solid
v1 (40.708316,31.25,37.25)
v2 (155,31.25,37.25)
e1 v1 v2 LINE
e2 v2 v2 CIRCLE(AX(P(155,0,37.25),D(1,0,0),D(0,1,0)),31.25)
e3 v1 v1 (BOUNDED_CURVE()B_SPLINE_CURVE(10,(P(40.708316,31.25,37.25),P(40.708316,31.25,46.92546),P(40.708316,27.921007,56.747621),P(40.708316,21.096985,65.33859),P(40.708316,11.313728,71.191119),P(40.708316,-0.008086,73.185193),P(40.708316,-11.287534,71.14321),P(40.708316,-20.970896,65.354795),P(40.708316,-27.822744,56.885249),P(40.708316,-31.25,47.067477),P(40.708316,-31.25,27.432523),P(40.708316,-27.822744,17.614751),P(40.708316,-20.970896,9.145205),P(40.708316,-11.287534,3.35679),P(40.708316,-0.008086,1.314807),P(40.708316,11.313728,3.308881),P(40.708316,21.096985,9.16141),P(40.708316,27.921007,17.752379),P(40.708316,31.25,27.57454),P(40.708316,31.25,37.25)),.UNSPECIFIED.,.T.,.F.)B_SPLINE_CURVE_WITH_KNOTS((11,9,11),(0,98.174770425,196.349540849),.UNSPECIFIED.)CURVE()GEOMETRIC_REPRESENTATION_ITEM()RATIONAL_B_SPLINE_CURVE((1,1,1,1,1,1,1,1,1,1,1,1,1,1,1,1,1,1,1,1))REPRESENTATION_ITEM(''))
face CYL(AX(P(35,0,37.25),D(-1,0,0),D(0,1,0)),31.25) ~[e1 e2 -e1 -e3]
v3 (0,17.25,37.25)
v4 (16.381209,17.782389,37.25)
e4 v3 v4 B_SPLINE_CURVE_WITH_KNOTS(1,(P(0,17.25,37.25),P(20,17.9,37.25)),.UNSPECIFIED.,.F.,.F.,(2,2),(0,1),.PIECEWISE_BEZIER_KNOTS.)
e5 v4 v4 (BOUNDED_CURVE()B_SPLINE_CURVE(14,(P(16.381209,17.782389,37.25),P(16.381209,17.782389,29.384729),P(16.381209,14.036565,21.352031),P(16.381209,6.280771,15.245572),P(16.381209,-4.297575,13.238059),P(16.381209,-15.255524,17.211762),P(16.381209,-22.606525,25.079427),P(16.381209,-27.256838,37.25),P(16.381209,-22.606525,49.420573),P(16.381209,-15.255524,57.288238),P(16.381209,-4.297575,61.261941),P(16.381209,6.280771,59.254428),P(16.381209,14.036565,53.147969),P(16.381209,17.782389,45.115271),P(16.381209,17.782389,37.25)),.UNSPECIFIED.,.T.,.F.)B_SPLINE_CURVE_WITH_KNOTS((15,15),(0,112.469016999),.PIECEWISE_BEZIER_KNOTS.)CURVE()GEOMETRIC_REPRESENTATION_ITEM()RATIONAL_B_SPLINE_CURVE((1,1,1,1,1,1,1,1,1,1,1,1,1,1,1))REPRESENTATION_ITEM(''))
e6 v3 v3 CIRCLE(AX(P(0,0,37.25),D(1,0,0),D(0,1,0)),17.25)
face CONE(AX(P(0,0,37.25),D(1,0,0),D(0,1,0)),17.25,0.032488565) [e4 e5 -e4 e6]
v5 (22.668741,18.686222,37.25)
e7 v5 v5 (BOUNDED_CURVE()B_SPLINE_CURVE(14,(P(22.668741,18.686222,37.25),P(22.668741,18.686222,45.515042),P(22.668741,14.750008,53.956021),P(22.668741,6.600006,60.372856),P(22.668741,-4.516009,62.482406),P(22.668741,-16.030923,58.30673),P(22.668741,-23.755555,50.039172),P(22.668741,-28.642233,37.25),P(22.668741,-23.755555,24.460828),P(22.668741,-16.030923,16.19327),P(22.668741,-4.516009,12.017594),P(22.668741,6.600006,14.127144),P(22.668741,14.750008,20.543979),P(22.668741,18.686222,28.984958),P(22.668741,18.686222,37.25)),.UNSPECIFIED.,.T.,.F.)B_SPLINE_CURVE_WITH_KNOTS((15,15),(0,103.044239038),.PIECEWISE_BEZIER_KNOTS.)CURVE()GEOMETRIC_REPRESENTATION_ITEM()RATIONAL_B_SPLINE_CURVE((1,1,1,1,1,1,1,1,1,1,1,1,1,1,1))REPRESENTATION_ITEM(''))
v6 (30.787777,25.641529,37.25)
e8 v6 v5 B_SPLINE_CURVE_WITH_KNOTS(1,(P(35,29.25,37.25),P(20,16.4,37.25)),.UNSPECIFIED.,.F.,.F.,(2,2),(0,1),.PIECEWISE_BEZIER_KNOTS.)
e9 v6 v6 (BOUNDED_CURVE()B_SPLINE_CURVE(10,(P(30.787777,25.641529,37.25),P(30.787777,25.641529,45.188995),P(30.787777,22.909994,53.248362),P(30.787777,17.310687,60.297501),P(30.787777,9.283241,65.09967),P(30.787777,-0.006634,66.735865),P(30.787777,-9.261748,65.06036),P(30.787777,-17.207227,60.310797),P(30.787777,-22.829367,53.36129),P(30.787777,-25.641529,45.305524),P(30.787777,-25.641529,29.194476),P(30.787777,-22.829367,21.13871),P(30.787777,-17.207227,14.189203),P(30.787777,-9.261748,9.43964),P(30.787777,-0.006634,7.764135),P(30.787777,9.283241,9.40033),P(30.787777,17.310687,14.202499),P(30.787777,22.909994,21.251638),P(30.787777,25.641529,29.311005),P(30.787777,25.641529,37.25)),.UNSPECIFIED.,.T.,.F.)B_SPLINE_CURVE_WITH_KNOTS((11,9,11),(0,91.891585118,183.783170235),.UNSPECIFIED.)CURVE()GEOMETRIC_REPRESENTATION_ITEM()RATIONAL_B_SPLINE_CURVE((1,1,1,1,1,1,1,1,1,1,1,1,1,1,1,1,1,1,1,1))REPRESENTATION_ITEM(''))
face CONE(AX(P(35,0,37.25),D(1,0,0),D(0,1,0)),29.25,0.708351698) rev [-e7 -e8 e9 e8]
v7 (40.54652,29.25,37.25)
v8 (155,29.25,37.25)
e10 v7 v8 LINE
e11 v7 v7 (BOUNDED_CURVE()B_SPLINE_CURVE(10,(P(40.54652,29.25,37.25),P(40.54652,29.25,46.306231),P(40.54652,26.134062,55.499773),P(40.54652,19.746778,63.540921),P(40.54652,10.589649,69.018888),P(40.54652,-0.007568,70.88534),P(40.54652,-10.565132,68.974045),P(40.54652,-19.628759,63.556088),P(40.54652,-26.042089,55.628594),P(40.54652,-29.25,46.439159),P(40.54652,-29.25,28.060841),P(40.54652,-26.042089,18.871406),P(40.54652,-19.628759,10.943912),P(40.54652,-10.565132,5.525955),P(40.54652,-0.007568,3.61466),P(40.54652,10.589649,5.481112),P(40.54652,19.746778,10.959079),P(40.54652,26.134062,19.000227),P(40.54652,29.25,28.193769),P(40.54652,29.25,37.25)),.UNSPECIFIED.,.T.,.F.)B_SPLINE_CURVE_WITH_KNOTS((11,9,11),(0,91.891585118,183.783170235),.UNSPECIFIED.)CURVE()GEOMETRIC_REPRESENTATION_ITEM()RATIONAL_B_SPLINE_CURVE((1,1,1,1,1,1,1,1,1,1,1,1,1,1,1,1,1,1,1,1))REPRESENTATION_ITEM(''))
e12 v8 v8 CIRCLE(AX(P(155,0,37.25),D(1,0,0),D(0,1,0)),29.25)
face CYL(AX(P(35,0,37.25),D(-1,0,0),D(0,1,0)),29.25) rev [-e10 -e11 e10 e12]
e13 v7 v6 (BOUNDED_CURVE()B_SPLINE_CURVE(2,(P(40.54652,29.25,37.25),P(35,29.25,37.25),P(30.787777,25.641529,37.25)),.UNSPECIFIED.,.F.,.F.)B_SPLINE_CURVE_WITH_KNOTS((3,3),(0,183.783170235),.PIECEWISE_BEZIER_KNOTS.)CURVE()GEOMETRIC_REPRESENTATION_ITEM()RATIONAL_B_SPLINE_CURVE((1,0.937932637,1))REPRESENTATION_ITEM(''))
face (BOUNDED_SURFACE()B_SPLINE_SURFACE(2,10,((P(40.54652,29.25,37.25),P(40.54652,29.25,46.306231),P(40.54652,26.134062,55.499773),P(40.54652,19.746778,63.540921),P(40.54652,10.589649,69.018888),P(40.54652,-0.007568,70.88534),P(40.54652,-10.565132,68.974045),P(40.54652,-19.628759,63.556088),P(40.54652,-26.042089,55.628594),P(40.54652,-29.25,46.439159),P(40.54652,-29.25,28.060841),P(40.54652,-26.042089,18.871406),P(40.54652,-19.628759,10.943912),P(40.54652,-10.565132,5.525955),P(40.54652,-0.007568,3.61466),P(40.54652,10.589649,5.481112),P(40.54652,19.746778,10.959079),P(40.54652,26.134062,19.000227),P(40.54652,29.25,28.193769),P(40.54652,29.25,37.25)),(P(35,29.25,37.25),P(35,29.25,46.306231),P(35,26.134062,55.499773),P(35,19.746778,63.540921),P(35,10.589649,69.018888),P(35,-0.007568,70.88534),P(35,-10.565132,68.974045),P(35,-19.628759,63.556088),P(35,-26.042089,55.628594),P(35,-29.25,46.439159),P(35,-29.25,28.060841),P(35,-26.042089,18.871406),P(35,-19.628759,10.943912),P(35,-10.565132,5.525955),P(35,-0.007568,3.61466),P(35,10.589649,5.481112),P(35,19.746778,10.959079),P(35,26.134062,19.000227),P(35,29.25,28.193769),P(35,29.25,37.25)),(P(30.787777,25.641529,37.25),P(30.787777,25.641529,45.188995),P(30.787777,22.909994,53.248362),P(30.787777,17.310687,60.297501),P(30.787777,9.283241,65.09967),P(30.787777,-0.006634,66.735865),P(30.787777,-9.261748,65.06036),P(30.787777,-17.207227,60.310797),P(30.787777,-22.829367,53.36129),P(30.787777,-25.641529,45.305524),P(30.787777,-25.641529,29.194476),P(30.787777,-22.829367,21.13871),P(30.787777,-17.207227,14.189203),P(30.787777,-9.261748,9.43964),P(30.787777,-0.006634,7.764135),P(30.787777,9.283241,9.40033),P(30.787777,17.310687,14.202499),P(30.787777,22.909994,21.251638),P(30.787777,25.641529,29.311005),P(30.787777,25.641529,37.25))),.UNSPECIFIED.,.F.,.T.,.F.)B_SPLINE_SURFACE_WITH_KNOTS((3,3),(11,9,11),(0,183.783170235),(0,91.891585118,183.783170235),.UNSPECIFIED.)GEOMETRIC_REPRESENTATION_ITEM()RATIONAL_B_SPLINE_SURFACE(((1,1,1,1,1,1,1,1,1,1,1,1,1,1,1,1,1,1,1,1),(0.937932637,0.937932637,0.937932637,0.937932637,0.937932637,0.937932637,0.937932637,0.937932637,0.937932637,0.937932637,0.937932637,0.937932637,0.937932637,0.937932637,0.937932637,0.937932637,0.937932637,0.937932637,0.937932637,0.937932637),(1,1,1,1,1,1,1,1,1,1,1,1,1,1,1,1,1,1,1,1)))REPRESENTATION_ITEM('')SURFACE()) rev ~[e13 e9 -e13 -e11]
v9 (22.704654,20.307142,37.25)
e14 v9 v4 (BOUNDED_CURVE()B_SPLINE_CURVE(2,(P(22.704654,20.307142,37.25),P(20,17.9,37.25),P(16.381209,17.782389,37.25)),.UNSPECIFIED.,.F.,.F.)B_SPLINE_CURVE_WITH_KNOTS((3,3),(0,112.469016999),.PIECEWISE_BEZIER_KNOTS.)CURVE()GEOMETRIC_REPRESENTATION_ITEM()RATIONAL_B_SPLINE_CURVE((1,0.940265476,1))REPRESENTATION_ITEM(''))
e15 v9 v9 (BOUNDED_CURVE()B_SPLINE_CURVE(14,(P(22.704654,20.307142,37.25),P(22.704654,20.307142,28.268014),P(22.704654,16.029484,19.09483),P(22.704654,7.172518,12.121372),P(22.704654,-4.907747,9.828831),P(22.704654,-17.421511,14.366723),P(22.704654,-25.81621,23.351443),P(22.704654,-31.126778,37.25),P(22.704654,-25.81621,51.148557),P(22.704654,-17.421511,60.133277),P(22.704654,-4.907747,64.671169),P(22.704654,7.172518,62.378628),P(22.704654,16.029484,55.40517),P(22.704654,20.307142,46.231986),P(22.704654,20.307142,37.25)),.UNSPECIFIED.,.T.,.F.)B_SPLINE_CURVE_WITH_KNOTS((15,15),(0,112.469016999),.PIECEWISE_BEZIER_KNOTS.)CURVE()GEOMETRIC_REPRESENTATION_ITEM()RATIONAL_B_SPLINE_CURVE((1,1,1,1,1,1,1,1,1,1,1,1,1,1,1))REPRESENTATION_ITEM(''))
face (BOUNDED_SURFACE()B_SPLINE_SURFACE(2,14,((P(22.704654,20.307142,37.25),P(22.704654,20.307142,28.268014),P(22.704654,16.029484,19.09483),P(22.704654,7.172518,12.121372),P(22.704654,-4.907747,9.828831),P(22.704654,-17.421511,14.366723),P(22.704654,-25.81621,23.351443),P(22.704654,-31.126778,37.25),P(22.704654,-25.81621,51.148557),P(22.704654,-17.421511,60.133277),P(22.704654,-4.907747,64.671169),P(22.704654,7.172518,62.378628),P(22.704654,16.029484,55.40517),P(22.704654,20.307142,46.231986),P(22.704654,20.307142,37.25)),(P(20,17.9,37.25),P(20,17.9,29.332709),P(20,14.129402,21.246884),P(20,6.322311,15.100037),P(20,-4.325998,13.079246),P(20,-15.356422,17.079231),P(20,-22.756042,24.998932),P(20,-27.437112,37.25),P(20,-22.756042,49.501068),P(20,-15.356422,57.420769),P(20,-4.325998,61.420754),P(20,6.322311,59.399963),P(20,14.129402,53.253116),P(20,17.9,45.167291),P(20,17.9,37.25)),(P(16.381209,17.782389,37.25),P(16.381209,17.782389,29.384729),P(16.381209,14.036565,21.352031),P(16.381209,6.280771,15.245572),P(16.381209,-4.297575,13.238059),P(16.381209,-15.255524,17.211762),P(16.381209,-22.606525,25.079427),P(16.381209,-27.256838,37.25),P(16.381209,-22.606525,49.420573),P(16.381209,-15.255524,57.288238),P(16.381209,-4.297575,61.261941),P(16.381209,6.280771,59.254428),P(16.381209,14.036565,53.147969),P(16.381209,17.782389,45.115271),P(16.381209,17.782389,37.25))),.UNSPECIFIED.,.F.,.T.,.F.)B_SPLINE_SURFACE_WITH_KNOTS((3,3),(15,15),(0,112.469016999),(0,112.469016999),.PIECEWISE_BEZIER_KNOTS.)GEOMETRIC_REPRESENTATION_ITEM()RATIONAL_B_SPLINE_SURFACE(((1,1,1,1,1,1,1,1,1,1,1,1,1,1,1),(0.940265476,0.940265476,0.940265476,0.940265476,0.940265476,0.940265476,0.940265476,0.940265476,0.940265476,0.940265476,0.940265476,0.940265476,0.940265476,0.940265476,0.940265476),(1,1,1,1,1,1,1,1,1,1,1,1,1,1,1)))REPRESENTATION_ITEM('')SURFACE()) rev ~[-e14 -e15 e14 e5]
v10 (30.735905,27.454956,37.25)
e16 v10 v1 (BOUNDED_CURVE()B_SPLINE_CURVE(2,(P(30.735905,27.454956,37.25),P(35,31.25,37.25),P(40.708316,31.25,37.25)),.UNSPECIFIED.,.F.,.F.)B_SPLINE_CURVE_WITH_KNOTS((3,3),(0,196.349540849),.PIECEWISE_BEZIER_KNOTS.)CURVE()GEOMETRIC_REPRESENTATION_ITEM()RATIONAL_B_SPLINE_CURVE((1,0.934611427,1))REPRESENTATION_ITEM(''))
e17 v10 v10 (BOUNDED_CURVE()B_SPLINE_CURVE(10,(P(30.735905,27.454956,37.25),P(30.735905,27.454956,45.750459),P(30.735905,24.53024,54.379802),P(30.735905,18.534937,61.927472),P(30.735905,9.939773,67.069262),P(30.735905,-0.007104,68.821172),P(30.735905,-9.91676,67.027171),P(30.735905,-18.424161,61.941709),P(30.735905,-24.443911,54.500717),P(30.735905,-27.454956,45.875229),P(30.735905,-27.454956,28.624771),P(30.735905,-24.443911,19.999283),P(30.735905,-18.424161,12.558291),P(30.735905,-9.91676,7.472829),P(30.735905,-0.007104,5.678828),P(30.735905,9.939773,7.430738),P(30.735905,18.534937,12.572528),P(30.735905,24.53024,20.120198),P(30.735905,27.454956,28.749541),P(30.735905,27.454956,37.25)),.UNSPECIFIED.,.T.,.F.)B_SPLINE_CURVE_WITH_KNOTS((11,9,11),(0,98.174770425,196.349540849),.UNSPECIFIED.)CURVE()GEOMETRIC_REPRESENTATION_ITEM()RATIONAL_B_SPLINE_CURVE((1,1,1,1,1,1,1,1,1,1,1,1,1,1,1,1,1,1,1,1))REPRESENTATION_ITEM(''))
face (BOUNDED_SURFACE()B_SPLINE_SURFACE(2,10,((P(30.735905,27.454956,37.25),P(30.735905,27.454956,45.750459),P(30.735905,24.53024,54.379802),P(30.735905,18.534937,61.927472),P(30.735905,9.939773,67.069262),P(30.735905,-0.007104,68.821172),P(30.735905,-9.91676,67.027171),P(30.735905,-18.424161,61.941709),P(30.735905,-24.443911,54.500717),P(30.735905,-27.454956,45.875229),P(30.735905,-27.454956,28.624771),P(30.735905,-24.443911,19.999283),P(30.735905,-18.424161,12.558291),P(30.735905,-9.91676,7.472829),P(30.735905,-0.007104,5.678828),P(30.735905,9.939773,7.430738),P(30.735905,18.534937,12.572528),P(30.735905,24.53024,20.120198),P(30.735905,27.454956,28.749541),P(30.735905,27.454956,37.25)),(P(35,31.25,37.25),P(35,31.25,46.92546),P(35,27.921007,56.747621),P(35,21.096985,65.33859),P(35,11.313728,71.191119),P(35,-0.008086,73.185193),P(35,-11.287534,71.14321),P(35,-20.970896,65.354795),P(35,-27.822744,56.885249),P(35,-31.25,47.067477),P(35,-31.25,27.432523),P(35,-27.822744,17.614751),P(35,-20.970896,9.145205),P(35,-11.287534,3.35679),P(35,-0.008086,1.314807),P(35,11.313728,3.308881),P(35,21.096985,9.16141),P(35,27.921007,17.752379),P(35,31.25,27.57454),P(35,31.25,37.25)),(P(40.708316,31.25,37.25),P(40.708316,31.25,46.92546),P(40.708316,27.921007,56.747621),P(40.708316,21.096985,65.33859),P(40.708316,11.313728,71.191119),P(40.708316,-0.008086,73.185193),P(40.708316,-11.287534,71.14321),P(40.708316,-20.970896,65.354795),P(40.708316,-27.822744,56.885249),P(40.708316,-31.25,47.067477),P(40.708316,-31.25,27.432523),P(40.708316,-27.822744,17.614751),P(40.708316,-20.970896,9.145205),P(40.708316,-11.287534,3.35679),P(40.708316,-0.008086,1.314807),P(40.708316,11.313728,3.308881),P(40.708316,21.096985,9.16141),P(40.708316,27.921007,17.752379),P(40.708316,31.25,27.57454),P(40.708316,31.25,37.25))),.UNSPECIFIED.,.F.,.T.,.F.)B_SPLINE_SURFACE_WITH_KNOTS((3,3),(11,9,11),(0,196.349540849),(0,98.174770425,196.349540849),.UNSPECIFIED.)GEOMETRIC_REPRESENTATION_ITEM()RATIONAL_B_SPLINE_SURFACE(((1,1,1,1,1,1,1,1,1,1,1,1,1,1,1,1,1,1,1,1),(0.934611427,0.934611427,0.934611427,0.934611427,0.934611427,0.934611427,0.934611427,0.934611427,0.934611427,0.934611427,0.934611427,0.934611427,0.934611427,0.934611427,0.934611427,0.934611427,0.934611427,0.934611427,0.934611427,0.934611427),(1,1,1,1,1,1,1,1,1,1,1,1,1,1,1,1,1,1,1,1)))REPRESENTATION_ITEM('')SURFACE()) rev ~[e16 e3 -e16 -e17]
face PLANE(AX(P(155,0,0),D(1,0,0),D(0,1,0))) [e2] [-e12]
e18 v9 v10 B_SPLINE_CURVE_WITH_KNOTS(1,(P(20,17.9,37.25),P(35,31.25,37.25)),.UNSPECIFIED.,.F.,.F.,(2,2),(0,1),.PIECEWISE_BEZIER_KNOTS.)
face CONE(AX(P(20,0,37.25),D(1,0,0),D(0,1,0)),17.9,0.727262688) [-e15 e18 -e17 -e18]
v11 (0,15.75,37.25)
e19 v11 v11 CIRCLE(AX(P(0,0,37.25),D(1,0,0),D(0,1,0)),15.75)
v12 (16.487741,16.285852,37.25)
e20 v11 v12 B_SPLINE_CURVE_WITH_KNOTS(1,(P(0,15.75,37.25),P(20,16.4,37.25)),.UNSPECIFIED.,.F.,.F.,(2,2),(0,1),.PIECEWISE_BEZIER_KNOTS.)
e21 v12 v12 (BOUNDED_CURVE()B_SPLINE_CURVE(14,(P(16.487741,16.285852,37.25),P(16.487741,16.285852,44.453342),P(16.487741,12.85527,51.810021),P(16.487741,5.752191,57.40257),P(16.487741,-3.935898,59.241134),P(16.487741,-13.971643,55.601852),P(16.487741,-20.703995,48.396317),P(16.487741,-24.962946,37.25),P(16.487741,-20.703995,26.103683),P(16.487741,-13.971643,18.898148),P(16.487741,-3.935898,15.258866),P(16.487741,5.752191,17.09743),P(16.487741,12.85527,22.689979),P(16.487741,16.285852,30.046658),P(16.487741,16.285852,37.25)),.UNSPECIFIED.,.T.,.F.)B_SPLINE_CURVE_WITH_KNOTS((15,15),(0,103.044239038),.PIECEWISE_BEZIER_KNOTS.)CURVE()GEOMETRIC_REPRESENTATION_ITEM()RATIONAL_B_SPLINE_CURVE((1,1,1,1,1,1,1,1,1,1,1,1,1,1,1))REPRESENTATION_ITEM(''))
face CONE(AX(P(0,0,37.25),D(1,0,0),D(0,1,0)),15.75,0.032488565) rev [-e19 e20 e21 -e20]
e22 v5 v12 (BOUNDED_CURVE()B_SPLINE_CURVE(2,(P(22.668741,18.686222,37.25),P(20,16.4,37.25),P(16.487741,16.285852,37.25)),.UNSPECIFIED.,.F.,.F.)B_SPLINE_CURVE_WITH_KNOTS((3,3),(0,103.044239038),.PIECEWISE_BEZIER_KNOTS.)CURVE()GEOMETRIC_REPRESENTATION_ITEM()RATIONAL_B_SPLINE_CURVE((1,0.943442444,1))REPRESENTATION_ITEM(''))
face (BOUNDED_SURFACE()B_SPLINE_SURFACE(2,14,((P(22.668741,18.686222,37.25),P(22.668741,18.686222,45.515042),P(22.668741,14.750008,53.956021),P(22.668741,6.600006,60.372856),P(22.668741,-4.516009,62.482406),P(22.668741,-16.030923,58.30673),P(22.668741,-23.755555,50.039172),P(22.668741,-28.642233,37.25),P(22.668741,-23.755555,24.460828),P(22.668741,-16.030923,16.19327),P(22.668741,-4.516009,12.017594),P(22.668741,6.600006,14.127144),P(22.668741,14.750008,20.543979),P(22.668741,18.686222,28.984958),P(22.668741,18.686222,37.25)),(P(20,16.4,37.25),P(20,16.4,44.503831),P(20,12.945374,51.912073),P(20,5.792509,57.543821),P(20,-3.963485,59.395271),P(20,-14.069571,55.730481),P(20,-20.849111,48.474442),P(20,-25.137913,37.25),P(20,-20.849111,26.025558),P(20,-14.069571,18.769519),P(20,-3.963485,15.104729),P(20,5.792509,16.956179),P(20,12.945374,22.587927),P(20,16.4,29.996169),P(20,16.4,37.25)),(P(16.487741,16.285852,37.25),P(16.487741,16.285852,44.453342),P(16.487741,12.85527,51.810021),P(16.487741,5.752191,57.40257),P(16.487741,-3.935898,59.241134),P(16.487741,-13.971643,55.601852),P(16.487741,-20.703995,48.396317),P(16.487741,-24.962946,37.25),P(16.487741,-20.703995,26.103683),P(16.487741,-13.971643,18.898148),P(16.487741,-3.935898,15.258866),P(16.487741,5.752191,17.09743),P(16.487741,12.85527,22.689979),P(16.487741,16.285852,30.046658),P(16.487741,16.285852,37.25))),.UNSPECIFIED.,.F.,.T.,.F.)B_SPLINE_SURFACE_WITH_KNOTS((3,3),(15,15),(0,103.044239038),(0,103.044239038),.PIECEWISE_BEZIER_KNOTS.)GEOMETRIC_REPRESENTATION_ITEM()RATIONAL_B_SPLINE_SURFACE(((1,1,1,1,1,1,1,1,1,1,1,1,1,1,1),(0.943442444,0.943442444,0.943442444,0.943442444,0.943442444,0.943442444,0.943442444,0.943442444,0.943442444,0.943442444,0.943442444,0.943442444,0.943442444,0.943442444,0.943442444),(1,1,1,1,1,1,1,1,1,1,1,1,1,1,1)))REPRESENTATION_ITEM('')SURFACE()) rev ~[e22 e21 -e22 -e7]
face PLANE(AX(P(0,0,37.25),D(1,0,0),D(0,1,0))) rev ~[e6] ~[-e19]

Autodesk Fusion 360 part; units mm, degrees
sketch "Sketch1" plane through (0, 0, 0) normal (0, 1, 0) x (1, 0, 0)
  line L0 (0, 0) -> (0, -20)
  line L1 (0, 0) -> (155, 0)
  line L2 (155, 0) -> (155, 20)
  line L3 (155, 20) -> (182.5, 20)
  line L4 (182.5, 20) -> (182.5, 36)
  line L5 (182.5, 36) -> (204.5, 36)
  line L6 (204.5, 36) -> (204.5, 41)
  line L7 (204.5, 41) -> (104.5, 41)
  dimension "d1" = 20
  dimension "d2" = 155
  dimension "d11" = 20
  dimension "d12" = 27.5
  dimension "d13" = 16
  dimension "d14" = 22
  dimension "d15" = 5
  dimension "d16" = 100
sketch "Sketch2" plane through (0, 0, 0) normal (1, 0, 0) x (0, 1, 0)
  line L0 (0, 0) -> (0, 20)
  line L1 (0, 20) -> (0, 37.25) construction
  circle A0 centre (0, 37.25) radius 17.25
  circle A1 centre (0, 37.25) radius 15.75
  point P0 (0, 20)
  dimension "d3" = 17.25
  dimension "d4" = -1.5
ref_plane "WorkPlane1" through (20, 0, 0) normal (1, 0, 0) x (0, 1, 0)
sketch "Sketch3" plane through (20, 0, 0) normal (1, 0, 0) x (0, 1, 0)
  circle A0 centre (0, 37.25) radius 15.75 construction
  circle A1 centre (0, 37.25) radius 17.9
  circle A2 centre (0, 37.25) radius 16.4
  dimension "d6" = 35.8
  dimension "d7" = -1.5
loft "Loft1" add profiles "Sketch2", "Sketch3" section 1 section 2
loft "Loft2" cut profiles "Sketch3", "Sketch2" section 1 contours A2 section 2 contours A1
ref_plane "WorkPlane2" through (35, 0, 37.25) normal (1, 0, 0) x (0, 1, 0)
sketch "Sketch4" plane through (35, 0, 0) normal (1, 0, 0) x (0, 1, 0)
  circle A0 centre (0, 37.25) radius 16.4 construction
  circle A1 centre (0, 37.25) radius 29.25
  circle A2 centre (0, 37.25) radius 31.25
  dimension "d9" = 58.5
  dimension "d10" = 2
loft "Loft3" add profiles "Sketch3", "Sketch4" section 1 contours A1 | A2 section 2 contours A1 | A2
loft "Loft4" cut profiles "Sketch4", "Sketch3" section 1 contours A1 section 2 contours A2
extrude "Extrude1" add sketch "Sketch4" along normal blind 120
fillet "Fillet1" radius 10 2 edges at (20, -15.2902, 43.1805) (20, -16.6887, 43.7229)
fillet "Fillet2" radius 15 2 edges at (35, -27.2706, 47.8273) (35, -29.1352, 48.5505)
equation "d3 = ( 34.5 / 2 ) * 1 mm"
